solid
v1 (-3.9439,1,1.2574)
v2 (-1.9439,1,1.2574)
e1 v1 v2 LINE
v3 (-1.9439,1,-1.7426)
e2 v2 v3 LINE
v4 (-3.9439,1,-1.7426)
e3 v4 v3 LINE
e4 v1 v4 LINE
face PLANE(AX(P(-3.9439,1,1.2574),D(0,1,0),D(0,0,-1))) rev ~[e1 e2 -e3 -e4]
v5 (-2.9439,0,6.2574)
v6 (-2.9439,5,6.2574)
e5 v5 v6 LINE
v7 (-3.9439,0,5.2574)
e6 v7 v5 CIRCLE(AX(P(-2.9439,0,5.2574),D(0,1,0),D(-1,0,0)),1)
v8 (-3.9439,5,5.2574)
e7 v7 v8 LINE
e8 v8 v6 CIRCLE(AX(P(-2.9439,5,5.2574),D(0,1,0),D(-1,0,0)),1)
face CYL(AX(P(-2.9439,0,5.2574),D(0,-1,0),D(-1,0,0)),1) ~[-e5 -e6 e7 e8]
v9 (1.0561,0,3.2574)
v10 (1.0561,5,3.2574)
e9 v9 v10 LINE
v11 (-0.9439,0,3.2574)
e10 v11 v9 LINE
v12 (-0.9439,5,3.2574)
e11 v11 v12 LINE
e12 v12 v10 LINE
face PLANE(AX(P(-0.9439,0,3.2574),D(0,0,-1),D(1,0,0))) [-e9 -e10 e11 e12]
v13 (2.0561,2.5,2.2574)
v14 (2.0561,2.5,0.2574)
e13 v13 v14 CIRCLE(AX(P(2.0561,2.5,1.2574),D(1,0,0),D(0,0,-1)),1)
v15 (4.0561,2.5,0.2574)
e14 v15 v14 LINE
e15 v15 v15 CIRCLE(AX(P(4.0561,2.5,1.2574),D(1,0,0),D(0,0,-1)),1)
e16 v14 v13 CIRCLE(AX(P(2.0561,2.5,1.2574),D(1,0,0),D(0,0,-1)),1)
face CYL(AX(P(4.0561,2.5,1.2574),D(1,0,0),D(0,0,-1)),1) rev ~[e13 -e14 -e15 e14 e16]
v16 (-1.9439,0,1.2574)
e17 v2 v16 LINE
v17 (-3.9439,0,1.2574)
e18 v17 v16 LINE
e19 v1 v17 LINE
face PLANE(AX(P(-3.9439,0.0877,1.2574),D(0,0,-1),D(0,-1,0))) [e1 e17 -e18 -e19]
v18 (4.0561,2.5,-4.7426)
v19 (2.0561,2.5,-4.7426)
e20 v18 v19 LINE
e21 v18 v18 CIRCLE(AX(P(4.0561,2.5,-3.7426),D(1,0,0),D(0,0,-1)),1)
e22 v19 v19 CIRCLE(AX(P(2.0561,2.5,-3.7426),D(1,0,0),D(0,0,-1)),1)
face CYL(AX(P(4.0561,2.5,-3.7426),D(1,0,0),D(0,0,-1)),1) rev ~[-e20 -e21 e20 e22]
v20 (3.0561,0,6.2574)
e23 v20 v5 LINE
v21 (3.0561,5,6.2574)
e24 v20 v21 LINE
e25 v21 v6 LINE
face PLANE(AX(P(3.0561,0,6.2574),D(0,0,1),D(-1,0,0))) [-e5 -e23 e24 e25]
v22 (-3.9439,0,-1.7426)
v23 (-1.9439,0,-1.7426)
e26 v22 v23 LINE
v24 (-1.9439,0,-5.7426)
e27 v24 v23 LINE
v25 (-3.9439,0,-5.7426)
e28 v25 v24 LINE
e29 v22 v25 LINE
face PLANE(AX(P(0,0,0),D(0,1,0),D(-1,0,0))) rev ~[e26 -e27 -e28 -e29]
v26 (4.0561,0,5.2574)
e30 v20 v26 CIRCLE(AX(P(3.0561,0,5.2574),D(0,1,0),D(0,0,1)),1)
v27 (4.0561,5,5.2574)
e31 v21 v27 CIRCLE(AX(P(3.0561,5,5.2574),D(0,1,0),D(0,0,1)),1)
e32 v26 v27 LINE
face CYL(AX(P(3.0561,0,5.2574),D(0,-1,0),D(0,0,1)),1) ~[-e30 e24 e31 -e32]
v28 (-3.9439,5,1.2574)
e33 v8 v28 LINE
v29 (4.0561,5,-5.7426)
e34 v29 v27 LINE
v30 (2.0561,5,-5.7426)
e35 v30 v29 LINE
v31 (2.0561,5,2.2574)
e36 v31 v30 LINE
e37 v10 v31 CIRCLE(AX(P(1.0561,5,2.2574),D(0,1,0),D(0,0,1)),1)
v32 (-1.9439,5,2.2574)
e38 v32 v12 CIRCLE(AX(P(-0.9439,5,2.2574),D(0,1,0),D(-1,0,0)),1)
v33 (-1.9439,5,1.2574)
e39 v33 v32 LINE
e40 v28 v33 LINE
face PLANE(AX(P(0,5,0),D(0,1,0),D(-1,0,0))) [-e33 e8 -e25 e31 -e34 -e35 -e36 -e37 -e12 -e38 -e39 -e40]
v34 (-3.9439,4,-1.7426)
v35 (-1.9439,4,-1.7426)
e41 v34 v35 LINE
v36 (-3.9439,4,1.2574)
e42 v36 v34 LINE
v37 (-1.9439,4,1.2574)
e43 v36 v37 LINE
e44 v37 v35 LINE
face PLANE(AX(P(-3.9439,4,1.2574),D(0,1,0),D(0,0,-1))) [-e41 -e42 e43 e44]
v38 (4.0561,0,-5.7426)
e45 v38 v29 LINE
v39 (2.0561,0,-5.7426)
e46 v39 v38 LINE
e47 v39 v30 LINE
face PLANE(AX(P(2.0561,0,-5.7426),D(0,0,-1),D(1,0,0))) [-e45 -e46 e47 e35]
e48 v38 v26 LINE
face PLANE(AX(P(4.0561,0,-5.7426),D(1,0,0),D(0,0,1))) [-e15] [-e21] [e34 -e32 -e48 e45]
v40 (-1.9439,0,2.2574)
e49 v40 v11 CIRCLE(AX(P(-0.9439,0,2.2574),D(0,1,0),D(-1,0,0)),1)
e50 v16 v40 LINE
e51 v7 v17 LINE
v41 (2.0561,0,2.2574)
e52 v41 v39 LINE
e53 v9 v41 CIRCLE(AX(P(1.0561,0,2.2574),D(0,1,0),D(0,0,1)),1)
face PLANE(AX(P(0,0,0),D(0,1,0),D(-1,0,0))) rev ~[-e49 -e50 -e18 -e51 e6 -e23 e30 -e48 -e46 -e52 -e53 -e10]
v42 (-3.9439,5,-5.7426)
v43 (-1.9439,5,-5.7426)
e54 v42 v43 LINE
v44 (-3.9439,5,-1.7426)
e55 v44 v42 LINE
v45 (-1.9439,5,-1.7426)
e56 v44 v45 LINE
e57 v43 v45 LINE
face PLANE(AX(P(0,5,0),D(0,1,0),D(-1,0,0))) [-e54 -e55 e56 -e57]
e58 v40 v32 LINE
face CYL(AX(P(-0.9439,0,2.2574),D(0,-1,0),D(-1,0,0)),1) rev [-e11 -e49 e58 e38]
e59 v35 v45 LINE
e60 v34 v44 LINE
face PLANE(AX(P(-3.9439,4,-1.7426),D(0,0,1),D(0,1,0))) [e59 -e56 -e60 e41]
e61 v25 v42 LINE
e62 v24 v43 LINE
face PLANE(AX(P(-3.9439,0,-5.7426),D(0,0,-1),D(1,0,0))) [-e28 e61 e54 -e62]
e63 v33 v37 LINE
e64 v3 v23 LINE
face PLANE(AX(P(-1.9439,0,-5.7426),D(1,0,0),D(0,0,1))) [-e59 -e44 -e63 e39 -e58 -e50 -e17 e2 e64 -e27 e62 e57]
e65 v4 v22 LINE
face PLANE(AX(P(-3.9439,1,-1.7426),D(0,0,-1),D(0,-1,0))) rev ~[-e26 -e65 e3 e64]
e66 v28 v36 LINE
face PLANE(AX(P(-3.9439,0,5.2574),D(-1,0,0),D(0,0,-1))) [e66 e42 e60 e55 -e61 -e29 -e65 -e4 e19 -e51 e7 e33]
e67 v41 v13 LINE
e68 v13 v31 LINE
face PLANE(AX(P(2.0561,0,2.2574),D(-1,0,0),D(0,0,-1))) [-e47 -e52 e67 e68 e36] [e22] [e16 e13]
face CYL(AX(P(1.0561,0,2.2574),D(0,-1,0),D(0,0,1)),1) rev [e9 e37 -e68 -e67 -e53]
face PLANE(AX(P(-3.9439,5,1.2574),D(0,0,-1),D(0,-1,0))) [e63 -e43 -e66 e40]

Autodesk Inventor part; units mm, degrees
ref_plane "YZ Plane" through (0, 0, 0) normal (1, 0, 0) x (0, 1, 0)
ref_plane "XZ Plane" through (0, 0, 0) normal (0, 1, 0) x (-1, 0, 0)
ref_plane "XY Plane" through (0, 0, 0) normal (0, 0, 1) x (1, 0, 0)
sketch "Sketch1" plane through (0, 0, 0) normal (0, 1, 0) x (-1, 0, 0)
  line L0 (-4.0561, -5.7426) -> (-4.0561, 5.2574)
  line L1 (-3.0561, 6.2574) -> (2.9439, 6.2574)
  line L2 (3.9439, 5.2574) -> (3.9439, -5.7426)
  line L3 (3.9439, -5.7426) -> (1.9439, -5.7426)
  line L4 (1.9439, -5.7426) -> (1.9439, 2.2574)
  line L5 (0.9439, 3.2574) -> (-1.0561, 3.2574)
  line L6 (-2.0561, 2.2574) -> (-2.0561, -5.7426)
  line L7 (-2.0561, -5.7426) -> (-4.0561, -5.7426)
  arc A0 (-1.0561, 3.2574) -> (-2.0561, 2.2574) centre (-1.0561, 2.2574) ccw
  arc A1 (1.9439, 2.2574) -> (0.9439, 3.2574) centre (0.9439, 2.2574) ccw
  arc A2 (-3.0561, 6.2574) -> (-4.0561, 5.2574) centre (-3.0561, 5.2574) ccw
  arc A3 (3.9439, 5.2574) -> (2.9439, 6.2574) centre (2.9439, 5.2574) ccw
  point P0 (0, 0)
  point P1 (-4.0561, 6.2574)
  point P2 (3.9439, 6.2574)
  point P3 (1.9439, 3.2574)
  point P4 (-2.0561, 3.2574)
  dimension "d0" = 12
  dimension "d1" = 2
  dimension "d2" = 2
  dimension "d3" = 8
  dimension "d4" = 3
  dimension "d20" = 1
extrude "Extrusion1" add sketch "Sketch1" along normal blind 5
sketch "Sketch2" plane through (4.0561, 0, 6.2574) normal (1, 0, 0) x (0, 0, -1)
  circle A0 centre (10, 2.5) radius 1
  circle A1 centre (5, 2.5) radius 1
  line L0 (12, 0) -> (12, 5) projected
  line L1 (1, 5) -> (12, 5) projected
  point P0 (6.2574, 0)
  point P1 (0, 5)
  dimension "d7" = 2
  dimension "d8" = 2
  dimension "d9" = 2
  dimension "d10" = 2.5
  dimension "d11" = 2.5
  dimension "d12" = 5
extrude "Extrusion2" cut sketch "Sketch2" against normal up to surface (2 mm away)
sketch "Sketch3" plane through (-3.9439, 0, -5.7426) normal (-1, 0, 0) x (0, 0, 1)
  line L0 (7, 0.0877) -> (7, 1)
  line L1 (7, 1) -> (4, 1)
  line L2 (4, 1) -> (4, 0)
  line L3 (0, 0) -> (11, 0) projected
  line L4 (11, 5) -> (0, 5) projected
  line L5 (7, 5) -> (7, 4)
  line L6 (7, 4) -> (4, 4)
  line L7 (4, 4) -> (4, 5)
  line L8 (7, 0.0877) -> (7, 0)
  line L9 (0, 0) -> (0, 5) projected
  point P0 (5.7426, 0)
  point P1 (12, 0)
  point P2 (12, 5)
  dimension "d15" = 1
  dimension "d16" = 1
  dimension "d17" = 3
  dimension "d21" = 4
extrude "Extrusion3" cut sketch "Sketch3" against normal up to next
properties part number "crochet"
